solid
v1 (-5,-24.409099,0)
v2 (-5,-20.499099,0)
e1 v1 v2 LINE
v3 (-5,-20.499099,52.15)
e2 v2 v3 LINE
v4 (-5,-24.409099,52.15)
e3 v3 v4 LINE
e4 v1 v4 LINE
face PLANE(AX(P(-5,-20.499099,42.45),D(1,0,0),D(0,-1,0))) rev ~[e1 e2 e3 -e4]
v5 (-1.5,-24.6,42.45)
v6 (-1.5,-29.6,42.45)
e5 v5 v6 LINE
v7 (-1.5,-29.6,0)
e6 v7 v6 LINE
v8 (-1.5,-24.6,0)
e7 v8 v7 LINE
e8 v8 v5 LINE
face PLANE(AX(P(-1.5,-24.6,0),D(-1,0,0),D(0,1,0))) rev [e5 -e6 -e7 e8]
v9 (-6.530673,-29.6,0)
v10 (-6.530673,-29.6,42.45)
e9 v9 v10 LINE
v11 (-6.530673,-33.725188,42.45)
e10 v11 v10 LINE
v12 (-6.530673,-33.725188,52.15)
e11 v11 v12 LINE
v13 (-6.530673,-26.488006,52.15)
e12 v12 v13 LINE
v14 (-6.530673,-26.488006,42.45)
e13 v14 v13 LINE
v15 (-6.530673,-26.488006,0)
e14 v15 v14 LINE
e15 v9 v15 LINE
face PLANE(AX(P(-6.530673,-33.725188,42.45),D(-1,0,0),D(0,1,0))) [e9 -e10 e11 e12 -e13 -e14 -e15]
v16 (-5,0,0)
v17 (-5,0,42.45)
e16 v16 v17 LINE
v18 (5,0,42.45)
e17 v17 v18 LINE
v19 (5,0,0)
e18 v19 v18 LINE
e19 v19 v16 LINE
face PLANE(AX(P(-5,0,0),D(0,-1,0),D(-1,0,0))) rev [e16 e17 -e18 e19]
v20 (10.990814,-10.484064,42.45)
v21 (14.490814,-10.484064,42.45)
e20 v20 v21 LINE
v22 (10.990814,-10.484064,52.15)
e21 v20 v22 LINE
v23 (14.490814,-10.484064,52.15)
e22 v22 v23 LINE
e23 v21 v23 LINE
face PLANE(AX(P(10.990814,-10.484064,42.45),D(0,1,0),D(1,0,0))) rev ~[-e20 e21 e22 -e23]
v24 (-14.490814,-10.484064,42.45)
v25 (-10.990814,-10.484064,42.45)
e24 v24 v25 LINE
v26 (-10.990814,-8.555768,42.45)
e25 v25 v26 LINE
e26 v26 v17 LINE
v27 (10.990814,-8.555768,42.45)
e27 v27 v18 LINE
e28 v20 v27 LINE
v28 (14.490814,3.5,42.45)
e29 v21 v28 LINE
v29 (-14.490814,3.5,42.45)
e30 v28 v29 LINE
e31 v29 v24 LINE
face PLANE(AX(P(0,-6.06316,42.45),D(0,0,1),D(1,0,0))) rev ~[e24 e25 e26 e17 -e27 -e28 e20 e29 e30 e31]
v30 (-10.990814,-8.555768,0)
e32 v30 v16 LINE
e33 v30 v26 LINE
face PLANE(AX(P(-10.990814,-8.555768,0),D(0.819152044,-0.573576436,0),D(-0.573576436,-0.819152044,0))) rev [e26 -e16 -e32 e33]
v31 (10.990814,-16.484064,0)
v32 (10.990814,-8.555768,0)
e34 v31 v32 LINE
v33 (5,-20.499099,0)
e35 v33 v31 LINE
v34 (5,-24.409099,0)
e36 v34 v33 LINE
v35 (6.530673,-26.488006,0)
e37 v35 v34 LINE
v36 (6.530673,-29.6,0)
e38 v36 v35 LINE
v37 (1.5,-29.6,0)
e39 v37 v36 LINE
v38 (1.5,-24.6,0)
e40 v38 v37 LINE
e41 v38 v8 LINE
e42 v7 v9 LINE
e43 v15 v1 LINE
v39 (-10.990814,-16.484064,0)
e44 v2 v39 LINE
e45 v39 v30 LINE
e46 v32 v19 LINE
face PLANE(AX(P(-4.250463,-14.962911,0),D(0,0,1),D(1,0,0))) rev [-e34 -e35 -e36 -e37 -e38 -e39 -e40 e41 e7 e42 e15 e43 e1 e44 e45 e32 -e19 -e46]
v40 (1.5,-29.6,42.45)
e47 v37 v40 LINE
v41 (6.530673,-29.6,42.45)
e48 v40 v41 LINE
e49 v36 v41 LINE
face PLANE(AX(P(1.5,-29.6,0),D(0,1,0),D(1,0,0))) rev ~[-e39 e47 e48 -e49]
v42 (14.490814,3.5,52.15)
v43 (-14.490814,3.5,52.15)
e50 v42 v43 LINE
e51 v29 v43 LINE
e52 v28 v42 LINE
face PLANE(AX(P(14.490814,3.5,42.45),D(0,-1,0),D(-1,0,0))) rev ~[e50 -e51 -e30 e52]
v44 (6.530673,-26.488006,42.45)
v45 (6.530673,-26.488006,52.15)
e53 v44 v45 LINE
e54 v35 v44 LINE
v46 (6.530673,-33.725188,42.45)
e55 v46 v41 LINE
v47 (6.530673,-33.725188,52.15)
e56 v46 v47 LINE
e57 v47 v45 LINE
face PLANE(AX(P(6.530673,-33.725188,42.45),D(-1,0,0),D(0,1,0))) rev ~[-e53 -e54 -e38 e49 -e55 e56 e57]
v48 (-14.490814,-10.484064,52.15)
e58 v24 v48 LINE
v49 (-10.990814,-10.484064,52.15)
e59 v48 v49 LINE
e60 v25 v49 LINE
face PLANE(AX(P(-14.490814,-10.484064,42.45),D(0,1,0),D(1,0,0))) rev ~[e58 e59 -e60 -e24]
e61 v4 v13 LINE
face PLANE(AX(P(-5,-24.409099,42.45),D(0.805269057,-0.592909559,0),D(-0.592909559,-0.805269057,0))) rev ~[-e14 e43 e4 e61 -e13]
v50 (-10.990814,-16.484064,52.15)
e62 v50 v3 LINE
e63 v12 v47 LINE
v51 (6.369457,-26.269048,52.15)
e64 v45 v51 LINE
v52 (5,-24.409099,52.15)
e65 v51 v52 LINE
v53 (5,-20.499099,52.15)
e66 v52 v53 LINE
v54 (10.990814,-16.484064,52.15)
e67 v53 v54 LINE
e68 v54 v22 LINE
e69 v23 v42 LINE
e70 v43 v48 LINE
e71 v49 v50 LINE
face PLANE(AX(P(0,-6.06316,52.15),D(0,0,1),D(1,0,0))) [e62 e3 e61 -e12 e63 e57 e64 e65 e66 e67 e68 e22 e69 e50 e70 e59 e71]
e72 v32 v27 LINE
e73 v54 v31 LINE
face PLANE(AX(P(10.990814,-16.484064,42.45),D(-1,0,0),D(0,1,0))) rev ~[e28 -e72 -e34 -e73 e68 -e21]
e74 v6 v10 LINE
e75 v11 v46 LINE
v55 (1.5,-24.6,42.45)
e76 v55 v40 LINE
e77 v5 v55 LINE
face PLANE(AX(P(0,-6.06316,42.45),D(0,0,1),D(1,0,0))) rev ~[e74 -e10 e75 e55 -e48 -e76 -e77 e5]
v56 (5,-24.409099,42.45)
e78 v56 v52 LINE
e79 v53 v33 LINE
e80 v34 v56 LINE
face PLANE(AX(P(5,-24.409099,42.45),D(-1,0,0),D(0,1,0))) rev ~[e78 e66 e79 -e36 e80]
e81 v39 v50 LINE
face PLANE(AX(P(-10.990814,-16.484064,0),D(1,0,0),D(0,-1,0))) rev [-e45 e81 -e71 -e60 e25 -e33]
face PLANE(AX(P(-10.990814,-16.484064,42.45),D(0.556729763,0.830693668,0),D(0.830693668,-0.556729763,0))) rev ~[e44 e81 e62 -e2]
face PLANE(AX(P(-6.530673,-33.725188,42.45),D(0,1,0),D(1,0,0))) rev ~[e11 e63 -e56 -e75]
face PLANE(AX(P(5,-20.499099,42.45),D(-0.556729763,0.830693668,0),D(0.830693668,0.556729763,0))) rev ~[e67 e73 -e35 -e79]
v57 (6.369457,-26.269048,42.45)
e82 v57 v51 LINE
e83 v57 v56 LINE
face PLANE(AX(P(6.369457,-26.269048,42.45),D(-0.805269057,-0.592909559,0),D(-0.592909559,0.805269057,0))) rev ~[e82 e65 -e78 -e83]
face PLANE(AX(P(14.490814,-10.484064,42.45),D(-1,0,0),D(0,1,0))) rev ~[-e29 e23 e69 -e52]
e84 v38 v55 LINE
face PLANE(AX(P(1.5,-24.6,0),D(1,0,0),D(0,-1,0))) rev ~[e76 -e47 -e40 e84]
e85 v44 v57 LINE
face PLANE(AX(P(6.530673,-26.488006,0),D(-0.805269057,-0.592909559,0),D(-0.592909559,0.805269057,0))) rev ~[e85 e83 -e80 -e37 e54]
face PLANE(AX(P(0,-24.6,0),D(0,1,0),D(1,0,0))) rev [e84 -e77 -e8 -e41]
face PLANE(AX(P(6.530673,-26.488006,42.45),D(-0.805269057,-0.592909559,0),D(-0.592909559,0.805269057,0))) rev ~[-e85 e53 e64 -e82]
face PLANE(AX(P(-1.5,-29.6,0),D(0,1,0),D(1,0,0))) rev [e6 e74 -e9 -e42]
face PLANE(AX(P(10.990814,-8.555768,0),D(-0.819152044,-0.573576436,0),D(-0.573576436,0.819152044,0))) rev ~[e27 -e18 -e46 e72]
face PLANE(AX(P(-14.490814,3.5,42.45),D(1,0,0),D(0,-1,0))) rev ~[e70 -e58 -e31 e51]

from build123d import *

# Parameters (mm, degrees)
F1_DEPTH = 42.45
F3_W     = 13.0613458827
F3_H     = 7.237181995
F4_DEPTH = 9.7


with BuildPart() as f1:
    # F0 (on Top) → F1 (new body)
    with BuildSketch(Plane.XY):
        Polygon((5, 0), (0, 0), (0, -24.6), (1.5, -24.6), (1.5, -29.6), (6.5306729414, -29.6), (6.5306729414, -26.4880058984), (5, -24.4090993645), (5, -20.4990993645), (10.9908135316, -16.48406431), (10.9908135316, -8.5557684039), align=None)
    extrude(amount=F1_DEPTH)

    # F2: F1 across face


with BuildPart() as f1_1:
    add(f1.part)
    add(f1.part.mirror(Plane(origin=(0, -12.3, 21.225), x_dir=(0, -1, 0), z_dir=(-1, 0, 0))))

    # F3 (on face) → F4 (join)
    with BuildSketch(Plane.XY.offset(42.45)):
        Polygon((10.9908135316, -10.48406431), (14.4908135316, -10.48406431), (14.4908135316, 3.5), (-14.4908135316, 3.5), (-14.4908135316, -10.48406431), (-10.9908135316, -10.48406431), (-10.9908135316, -16.48406431), (10.9908135316, -16.48406431), align=None)
        Polygon((5, -20.4990993645), (10.9908135316, -16.48406431), (-10.9908135316, -16.48406431), (-5, -20.4990993645), (-5, -24.4090993645), (-6.5306729414, -26.4880058984), (6.5306729414, -26.4880058984), (6.3694567187, -26.2690476549), (5, -24.4090993645), align=None)
        with Locations((0, -30.106596896)):
            Rectangle(F3_W, F3_H)
    extrude(amount=F4_DEPTH)


solid = f1_1.part
